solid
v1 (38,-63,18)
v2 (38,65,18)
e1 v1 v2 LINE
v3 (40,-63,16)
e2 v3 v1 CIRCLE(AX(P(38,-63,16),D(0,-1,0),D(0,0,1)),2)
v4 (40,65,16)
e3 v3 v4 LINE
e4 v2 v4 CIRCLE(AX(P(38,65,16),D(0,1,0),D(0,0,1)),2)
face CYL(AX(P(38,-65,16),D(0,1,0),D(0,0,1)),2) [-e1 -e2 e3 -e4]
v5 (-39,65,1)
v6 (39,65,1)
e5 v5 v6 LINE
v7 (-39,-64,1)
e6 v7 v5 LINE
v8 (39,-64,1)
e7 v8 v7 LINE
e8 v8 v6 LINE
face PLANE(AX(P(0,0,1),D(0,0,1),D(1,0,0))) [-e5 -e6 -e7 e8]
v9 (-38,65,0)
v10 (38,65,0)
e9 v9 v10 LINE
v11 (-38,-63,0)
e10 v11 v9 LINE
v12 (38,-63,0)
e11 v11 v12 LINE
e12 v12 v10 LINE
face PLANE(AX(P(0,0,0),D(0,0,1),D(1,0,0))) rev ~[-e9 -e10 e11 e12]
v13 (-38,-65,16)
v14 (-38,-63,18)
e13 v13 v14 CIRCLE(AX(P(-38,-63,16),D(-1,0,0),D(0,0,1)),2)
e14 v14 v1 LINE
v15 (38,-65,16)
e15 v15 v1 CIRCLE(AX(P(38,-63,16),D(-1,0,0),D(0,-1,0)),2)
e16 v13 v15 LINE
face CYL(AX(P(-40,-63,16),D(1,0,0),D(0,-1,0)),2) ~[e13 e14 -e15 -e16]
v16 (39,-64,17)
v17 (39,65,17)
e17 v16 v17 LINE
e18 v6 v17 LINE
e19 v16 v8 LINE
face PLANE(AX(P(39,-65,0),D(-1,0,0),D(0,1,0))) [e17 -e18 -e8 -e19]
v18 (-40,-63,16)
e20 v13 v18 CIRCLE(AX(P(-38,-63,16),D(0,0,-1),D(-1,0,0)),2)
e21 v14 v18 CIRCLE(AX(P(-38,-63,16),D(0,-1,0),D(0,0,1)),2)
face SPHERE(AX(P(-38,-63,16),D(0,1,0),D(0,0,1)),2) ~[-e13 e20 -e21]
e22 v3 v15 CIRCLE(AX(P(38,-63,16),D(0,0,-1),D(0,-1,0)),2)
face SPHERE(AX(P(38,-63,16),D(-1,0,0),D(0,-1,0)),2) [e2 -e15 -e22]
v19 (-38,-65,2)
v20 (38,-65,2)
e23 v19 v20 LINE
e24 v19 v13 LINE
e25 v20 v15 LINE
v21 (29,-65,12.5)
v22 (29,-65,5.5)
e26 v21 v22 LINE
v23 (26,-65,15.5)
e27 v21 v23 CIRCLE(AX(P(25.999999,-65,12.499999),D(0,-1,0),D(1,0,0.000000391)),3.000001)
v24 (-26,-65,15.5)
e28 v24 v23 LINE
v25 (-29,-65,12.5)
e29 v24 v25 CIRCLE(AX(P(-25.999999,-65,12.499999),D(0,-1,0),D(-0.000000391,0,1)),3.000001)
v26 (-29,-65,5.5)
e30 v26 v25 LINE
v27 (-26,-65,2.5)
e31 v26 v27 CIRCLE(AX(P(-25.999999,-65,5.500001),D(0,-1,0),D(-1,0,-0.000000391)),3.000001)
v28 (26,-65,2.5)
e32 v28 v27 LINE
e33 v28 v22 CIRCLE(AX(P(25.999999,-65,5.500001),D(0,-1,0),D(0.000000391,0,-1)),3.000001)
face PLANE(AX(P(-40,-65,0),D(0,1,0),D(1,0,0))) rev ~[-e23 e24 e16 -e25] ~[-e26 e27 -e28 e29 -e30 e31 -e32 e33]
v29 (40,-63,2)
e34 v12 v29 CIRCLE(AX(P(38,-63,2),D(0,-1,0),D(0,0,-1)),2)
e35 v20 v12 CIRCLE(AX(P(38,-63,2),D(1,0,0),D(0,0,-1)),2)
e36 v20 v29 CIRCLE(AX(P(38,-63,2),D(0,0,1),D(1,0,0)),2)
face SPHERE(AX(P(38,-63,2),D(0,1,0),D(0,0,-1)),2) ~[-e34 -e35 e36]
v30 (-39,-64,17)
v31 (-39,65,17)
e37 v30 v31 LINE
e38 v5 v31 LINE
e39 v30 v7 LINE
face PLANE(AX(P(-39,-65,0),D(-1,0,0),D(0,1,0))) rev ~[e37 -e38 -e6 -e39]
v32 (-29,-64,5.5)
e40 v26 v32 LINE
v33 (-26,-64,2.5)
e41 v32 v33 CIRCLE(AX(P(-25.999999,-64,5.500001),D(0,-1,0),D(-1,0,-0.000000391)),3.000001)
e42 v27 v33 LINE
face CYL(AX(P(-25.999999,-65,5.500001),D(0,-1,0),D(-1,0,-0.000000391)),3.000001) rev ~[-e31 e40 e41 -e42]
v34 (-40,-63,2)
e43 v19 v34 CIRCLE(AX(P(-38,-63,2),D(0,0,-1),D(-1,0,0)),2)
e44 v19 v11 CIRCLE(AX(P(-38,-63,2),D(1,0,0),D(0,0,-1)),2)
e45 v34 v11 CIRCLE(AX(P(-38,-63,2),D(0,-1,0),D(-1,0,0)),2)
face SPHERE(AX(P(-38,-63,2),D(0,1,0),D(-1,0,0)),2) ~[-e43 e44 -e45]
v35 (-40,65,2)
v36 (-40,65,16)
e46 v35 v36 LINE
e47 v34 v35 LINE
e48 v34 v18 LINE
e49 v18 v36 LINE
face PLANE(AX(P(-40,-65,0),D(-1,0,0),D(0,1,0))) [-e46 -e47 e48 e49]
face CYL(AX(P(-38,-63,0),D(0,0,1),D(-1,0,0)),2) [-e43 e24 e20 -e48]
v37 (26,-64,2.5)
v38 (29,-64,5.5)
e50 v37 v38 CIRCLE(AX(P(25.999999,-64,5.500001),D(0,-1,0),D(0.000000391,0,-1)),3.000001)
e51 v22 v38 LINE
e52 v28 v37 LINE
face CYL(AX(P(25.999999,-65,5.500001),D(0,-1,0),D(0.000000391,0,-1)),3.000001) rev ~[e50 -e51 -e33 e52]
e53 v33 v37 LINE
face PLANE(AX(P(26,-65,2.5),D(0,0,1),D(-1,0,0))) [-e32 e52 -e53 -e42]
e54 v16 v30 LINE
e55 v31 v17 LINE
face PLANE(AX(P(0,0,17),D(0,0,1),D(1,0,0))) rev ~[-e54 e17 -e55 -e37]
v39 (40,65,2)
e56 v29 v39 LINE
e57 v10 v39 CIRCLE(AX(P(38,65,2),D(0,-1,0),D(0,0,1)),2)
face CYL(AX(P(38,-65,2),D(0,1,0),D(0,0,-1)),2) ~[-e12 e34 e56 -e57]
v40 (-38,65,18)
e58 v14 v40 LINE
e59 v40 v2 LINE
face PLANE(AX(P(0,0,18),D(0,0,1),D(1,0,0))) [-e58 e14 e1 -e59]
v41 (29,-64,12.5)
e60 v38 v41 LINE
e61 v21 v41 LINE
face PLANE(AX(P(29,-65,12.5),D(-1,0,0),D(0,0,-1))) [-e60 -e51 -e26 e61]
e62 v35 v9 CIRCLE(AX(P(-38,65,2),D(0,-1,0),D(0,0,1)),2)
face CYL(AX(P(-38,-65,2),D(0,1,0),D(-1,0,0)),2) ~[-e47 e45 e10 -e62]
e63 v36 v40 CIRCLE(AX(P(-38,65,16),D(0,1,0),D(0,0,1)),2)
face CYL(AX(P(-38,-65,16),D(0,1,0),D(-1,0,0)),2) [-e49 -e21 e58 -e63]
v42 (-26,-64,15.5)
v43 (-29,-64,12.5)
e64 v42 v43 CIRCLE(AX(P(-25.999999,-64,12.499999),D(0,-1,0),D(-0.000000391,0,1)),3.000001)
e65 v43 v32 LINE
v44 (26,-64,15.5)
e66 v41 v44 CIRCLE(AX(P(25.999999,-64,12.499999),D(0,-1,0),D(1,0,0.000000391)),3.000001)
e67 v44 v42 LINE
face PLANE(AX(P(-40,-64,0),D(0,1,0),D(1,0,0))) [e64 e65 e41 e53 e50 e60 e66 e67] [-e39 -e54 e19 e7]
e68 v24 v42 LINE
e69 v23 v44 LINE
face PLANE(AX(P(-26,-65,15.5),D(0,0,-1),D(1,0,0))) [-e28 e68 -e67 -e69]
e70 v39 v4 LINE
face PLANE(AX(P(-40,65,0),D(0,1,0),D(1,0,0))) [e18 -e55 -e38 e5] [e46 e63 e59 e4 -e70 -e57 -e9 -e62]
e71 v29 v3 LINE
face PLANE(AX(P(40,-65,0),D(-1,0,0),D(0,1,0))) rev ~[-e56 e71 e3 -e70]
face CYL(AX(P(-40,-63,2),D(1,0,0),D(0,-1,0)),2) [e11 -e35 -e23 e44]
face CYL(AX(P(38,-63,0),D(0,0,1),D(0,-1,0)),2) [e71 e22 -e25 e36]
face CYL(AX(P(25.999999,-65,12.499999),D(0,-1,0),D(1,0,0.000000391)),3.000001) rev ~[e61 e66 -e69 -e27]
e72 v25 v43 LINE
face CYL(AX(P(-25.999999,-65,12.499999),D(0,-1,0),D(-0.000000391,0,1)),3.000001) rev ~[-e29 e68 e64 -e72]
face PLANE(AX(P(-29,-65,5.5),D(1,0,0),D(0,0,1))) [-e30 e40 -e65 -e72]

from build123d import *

# Parameters (mm, degrees)
SKETCH_W     = 80
SKETCH_H     = 130
PAD_DEPTH    = 18
THICKNESS_T  = -1
POCKET_DEPTH = 130.001
FILLET_R     = 2


with BuildPart() as part:
    # Sketch → Pad (new body)
    with BuildSketch(Plane.XY):
        Rectangle(SKETCH_W, SKETCH_H)
    extrude(amount=PAD_DEPTH)

    # Thickness
    thickness_openings = [part.faces().sort_by_distance(p)[0] for p in [
        (0, 65, 9),
    ]]
    offset(amount=THICKNESS_T, openings=thickness_openings)

    # Sketch001 (on Face2 of Thickness) → Pocket (cut, through all)
    with BuildSketch(Plane.XZ.offset(65)):
        with BuildLine():
            Line((-26, 15.5), (26, 15.5))
            ThreePointArc((29, 12.5), (28.12132, 14.62132), (26, 15.5))
            Line((29, 12.5), (29, 5.5))
            ThreePointArc((26, 2.5), (28.12132, 3.37868), (29, 5.5))
            Line((26, 2.5), (-26, 2.5))
            ThreePointArc((-29, 5.5), (-28.12132, 3.37868), (-26, 2.5))
            Line((-29, 5.5), (-29, 12.5))
            ThreePointArc((-26, 15.5), (-28.12132, 14.62132), (-29, 12.5))
        make_face()
    extrude(amount=-POCKET_DEPTH, mode=Mode.SUBTRACT)

    # Fillet
    fillet_edges = [part.edges().sort_by_distance(p)[0] for p in [
        (-40, 0, 0),
        (40, 0, 0),
        (-40, 0, 18),
        (0, -65, 18),
        (-40, -65, 9),
        (0, -65, 0),
        (40, -65, 9),
        (40, 0, 18),
    ]]
    fillet(fillet_edges, radius=FILLET_R)


solid = part.part
